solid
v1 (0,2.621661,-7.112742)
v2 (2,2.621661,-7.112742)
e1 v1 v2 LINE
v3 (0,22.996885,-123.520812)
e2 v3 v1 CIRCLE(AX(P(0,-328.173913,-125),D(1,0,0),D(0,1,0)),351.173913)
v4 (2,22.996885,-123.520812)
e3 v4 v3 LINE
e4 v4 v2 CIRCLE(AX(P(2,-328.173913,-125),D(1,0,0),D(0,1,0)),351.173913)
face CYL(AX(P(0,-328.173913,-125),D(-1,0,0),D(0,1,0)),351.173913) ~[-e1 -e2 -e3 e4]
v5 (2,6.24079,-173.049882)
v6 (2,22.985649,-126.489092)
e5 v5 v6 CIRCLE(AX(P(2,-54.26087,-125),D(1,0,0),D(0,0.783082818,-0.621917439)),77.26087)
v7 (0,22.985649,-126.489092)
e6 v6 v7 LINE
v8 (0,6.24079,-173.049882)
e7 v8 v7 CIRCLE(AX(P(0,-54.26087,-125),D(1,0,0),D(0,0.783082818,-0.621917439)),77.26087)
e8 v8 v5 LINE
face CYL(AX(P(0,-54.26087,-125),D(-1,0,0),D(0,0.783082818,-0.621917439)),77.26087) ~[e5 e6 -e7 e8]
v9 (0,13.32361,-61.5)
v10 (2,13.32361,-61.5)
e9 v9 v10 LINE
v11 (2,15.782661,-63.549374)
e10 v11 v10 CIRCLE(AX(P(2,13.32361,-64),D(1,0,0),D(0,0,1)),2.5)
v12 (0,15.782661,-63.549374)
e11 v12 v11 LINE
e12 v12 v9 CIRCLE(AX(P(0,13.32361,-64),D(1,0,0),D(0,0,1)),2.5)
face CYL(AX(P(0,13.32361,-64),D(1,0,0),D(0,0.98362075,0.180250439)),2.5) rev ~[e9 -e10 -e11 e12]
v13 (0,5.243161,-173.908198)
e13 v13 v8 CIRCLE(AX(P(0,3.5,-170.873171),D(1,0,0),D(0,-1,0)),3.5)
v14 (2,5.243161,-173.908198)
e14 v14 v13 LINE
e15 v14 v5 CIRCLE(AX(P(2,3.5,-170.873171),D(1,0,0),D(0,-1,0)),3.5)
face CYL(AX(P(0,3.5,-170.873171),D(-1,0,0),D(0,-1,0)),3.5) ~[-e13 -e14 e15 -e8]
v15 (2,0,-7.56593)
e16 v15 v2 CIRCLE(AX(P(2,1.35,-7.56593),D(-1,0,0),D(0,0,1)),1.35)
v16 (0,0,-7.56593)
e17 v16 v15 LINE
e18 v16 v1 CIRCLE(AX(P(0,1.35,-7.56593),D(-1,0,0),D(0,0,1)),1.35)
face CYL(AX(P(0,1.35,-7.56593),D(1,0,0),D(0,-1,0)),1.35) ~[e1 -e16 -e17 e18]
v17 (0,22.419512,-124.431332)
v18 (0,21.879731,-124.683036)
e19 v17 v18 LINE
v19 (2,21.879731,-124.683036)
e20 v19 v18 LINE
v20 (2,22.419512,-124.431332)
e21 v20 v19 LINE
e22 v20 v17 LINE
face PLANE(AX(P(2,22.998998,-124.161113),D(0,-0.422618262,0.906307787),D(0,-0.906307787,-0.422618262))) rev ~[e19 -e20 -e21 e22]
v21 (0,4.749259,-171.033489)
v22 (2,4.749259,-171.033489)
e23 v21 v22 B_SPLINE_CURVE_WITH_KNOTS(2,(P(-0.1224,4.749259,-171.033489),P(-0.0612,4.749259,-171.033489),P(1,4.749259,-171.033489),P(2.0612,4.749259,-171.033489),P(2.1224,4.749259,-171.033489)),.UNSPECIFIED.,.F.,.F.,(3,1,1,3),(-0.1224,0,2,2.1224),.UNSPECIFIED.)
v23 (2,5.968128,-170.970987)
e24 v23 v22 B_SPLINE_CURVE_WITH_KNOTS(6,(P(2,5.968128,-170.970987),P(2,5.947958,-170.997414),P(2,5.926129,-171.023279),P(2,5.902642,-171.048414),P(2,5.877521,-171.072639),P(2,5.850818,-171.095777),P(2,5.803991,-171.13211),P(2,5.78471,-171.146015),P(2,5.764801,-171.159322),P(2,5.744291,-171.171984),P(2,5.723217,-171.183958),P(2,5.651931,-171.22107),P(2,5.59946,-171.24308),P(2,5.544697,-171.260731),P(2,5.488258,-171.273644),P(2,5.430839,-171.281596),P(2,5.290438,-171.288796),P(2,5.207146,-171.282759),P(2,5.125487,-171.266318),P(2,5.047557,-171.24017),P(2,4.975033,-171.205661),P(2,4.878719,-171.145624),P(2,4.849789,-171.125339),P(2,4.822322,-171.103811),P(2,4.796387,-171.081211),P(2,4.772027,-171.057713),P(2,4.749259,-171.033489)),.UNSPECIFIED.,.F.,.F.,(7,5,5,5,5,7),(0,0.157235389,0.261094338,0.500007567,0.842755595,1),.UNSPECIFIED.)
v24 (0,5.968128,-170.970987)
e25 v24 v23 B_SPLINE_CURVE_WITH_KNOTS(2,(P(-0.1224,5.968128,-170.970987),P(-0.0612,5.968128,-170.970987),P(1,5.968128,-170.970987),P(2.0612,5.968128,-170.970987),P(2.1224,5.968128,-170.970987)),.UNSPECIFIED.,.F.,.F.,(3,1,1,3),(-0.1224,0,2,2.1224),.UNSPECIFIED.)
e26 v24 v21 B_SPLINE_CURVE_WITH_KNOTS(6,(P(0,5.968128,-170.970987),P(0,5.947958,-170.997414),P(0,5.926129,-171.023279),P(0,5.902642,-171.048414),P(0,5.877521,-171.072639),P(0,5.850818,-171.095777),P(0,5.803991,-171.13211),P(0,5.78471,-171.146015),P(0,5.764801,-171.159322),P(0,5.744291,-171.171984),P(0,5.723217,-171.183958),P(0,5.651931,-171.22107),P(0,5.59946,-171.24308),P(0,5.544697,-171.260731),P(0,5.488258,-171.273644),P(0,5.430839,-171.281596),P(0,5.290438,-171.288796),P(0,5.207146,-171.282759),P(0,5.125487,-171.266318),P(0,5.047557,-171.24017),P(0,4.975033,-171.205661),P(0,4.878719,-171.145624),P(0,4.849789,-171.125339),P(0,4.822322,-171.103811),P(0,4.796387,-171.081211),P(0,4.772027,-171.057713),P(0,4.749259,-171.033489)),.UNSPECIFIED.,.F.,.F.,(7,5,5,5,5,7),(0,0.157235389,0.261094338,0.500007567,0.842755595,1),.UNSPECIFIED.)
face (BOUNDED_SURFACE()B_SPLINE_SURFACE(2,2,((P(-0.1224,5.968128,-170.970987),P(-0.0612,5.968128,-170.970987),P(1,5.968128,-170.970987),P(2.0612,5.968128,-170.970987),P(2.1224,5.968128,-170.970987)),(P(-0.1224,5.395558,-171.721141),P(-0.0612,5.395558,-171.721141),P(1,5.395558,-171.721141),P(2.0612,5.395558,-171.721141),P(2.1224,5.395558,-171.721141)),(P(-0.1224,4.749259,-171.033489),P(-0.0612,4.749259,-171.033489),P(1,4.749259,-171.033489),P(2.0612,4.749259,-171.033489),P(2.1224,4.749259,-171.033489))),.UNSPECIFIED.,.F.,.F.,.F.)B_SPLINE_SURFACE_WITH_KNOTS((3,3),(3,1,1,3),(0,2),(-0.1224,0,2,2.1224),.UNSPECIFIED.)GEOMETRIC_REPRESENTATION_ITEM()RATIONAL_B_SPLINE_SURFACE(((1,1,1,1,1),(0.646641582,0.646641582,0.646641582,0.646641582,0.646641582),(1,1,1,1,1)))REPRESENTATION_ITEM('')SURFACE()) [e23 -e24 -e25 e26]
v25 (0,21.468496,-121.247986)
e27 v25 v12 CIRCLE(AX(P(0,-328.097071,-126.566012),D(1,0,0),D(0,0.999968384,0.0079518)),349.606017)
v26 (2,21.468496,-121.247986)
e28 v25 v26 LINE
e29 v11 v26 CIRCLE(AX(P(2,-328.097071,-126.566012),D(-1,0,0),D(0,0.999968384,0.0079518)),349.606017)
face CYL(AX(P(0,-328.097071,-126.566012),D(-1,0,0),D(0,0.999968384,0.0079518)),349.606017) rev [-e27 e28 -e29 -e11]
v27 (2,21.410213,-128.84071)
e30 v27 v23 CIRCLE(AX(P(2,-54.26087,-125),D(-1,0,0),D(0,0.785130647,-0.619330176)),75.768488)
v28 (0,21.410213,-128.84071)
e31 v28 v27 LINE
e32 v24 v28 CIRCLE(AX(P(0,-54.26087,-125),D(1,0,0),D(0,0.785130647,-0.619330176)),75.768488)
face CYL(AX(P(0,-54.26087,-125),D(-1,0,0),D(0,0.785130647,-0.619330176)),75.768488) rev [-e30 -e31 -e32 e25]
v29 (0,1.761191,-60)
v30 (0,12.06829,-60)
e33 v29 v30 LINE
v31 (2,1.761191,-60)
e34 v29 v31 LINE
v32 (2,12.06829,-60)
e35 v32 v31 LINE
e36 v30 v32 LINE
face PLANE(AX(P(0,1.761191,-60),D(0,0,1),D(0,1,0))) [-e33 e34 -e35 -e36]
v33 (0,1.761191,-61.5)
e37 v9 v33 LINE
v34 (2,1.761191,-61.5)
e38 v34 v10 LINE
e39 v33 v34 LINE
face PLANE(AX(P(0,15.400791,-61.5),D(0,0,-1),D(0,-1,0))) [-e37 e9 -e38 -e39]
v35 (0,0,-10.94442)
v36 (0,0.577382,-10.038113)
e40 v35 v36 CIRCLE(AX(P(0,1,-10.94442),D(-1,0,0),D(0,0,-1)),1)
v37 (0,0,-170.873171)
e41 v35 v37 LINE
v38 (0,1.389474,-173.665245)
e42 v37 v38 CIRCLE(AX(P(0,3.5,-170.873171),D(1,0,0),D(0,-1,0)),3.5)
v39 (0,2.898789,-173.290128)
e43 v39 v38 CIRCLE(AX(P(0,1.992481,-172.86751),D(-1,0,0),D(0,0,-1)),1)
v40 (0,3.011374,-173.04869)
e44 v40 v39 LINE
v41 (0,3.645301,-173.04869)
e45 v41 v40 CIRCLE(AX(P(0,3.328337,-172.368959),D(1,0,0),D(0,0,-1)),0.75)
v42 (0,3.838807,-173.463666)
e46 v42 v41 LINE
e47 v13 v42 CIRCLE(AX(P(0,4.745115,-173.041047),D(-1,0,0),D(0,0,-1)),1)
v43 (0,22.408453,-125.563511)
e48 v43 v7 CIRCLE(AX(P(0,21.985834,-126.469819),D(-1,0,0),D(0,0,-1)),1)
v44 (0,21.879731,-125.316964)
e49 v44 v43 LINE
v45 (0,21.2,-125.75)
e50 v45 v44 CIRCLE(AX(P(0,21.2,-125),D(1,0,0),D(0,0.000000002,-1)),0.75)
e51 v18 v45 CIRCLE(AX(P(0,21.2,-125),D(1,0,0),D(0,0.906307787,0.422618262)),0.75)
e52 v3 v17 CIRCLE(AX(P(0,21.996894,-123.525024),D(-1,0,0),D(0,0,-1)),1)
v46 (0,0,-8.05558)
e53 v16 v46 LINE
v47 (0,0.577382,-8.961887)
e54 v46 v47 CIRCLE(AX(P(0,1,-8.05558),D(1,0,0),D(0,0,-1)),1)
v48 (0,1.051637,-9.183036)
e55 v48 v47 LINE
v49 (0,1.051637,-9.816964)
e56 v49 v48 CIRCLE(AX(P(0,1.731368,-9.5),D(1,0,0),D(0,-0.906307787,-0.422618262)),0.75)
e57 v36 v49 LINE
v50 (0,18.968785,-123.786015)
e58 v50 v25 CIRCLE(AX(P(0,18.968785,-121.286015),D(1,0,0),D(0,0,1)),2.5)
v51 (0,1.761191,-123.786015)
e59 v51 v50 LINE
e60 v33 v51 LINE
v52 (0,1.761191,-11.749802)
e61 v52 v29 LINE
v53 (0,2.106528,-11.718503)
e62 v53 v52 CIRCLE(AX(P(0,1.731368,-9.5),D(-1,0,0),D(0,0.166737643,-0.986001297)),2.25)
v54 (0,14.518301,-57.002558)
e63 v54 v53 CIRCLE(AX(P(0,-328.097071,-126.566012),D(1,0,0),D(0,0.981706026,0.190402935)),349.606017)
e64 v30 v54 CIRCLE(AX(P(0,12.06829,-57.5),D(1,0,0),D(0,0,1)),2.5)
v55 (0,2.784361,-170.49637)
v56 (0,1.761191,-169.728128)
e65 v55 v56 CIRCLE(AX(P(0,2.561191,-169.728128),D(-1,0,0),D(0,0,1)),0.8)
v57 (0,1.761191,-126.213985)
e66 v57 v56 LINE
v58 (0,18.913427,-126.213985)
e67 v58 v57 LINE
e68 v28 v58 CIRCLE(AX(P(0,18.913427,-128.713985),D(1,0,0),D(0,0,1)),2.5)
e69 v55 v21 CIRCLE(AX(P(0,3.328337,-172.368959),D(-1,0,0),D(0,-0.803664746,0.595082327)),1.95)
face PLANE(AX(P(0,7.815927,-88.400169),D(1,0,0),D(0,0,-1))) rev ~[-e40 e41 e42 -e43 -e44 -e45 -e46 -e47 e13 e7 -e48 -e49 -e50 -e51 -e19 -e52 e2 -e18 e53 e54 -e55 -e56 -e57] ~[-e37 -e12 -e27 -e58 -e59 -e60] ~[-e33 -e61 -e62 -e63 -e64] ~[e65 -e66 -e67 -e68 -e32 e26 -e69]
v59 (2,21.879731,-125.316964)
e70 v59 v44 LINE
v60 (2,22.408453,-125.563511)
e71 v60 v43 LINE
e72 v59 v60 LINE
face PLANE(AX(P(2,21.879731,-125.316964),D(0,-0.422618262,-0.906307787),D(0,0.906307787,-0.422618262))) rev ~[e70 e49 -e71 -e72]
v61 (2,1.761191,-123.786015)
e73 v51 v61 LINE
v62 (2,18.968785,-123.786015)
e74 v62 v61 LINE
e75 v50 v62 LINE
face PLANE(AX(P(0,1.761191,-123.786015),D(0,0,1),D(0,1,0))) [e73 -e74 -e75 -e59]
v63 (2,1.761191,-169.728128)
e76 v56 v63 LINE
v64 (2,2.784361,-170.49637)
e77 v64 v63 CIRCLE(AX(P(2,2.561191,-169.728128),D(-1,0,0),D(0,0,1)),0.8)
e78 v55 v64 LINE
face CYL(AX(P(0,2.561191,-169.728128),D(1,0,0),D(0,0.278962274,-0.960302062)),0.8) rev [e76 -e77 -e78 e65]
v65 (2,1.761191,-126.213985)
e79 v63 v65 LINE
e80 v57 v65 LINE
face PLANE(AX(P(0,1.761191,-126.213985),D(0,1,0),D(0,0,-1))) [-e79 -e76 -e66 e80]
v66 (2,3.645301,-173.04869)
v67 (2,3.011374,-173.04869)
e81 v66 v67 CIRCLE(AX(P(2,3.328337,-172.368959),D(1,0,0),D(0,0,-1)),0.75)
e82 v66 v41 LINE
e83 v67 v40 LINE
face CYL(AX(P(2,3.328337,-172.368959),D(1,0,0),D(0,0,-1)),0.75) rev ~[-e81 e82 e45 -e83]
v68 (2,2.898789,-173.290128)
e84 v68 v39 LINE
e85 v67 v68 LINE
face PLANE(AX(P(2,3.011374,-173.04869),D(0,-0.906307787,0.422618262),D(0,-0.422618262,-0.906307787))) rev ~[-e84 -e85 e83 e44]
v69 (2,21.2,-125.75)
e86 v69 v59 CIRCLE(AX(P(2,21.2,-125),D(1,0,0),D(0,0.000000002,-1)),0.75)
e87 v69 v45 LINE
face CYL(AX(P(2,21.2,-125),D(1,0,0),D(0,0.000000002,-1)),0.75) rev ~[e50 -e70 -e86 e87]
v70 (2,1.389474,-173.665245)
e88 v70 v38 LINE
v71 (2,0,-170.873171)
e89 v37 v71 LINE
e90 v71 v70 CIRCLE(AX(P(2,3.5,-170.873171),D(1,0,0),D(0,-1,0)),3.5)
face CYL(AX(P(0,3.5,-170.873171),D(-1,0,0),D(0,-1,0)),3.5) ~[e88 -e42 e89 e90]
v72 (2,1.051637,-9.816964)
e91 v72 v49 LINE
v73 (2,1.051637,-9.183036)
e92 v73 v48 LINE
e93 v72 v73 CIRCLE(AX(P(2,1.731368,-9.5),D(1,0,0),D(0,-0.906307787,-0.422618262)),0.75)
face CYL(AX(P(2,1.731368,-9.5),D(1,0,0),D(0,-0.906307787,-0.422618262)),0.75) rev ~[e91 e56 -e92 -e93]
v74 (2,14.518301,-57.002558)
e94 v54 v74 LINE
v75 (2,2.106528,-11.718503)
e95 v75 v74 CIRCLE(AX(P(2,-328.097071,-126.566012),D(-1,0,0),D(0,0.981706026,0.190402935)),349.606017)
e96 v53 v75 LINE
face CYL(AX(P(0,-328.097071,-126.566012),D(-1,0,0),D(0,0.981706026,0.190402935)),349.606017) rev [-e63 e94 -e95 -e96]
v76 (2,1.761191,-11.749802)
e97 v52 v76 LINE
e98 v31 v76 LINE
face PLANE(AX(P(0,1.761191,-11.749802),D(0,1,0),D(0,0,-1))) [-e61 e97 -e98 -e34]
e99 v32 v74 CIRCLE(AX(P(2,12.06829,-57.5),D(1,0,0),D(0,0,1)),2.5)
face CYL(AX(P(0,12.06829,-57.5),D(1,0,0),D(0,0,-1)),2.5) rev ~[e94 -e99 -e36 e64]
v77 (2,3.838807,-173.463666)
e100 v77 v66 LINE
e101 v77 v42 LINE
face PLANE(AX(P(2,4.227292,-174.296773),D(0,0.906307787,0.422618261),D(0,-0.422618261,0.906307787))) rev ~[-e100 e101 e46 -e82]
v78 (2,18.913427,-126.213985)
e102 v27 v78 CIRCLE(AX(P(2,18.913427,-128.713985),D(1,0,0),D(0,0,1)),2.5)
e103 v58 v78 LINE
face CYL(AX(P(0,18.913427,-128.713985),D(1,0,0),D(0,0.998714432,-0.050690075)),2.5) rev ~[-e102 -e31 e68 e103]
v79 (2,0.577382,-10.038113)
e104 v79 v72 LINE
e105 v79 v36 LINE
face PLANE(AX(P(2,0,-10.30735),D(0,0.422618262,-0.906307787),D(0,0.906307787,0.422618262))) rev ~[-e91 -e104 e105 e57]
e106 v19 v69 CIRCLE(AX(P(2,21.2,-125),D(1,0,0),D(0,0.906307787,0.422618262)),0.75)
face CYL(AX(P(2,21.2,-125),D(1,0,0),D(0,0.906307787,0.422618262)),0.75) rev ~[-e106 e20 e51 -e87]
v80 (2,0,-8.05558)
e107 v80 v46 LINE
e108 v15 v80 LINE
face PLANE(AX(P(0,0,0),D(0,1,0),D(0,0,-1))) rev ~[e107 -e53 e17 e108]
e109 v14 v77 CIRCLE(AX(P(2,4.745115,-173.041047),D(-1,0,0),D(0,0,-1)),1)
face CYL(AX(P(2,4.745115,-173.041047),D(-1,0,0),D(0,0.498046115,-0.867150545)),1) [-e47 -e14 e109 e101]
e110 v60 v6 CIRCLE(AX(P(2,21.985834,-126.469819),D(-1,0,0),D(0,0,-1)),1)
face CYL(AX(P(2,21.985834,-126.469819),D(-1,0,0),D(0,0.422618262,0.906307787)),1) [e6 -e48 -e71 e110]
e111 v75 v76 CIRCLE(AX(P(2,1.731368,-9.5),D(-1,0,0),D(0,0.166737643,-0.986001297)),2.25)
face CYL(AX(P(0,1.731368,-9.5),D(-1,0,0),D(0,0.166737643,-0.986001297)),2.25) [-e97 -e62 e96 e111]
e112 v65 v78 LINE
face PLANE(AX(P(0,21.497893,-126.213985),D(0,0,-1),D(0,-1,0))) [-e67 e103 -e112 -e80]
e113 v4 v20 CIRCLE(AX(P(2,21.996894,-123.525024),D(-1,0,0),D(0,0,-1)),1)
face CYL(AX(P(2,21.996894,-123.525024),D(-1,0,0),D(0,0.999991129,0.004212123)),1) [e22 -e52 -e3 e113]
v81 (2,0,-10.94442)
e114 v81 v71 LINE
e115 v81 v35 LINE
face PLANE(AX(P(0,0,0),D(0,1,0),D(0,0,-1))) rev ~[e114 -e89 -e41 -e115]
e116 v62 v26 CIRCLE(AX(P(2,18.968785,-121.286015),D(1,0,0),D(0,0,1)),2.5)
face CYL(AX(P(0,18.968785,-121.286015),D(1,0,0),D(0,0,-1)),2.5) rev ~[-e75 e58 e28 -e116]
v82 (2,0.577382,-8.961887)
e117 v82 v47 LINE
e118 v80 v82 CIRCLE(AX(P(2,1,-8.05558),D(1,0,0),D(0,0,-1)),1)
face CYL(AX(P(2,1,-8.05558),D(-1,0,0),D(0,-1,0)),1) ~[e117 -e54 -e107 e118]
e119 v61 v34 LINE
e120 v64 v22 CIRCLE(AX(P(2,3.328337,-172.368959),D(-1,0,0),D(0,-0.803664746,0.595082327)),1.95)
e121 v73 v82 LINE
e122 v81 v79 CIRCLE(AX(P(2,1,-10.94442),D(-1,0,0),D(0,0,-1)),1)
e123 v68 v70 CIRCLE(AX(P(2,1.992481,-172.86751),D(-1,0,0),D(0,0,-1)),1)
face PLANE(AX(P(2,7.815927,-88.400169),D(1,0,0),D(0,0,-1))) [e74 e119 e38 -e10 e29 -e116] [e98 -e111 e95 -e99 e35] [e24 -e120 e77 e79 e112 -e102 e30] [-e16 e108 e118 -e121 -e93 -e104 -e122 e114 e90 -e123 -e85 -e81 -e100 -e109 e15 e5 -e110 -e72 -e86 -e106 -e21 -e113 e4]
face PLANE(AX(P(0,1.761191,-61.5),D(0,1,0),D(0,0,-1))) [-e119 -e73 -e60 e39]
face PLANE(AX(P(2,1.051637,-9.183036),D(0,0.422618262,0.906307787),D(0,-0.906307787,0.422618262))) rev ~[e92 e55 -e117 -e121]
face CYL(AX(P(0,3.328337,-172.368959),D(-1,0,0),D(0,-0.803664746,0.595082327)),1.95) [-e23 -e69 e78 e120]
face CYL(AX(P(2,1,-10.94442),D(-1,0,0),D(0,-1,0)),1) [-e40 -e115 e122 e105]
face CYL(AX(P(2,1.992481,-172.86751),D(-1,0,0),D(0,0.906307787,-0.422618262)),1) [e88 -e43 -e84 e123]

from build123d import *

# Parameters (mm, degrees)
BOSS_EXTRU_1_DEPTH      = 2
CONG_2_R                = 1.35
ESQUISSE4_R             = 0.75
ENL_V_MAT_EXTRU_2_DEPTH = 176.894862906
CONG_5_R                = 1
ENL_V_MAT_EXTRU_3_DEPTH = 4
CONG_3_R                = 2.5
CONG_4_R                = 0.8


with BuildPart() as part:
    # Esquisse2 → Boss.-Extru.1 (new body)
    with BuildSketch(Plane(origin=(0, 0, 0), x_dir=(0, 0, -1), z_dir=(1, 0, 0))):
        with BuildLine():
            Line((0, 0), (170.873171093, 0))
            ThreePointArc((170.873171093, 0), (174.177922559, 2.347343181), (173.049882129, 6.240789861))
            ThreePointArc((173.049882129, 6.240789861), (150.444362328, 18.689979585), (125, 23))
            ThreePointArc((125, 23), (61.450806457, 17.202138822), (0, 0))
        make_face()
    extrude(amount=BOSS_EXTRU_1_DEPTH)

    # Congé2
    cong_2_edges = [part.edges().sort_by_distance(p)[0] for p in [
        (1, 0, 0),
    ]]
    fillet(cong_2_edges, radius=CONG_2_R)

    # Esquisse4 → Enlèv. mat.-Extru.2 (cut, through all)
    with BuildSketch(Plane(origin=(2, 0, 0), x_dir=(0, 0, -1), z_dir=(1, 0, 0))):
        with BuildLine():
            ThreePointArc((125.75, 21.2), (125.632543584, 21.602974706), (125.316963696, 21.87973084))
            Line((125.316963696, 21.87973084), (125, 21.2))
            Line((125, 21.2), (124.683036304, 21.87973084))
            ThreePointArc((124.683036304, 21.87973084), (124.597025294, 20.567456416), (125.75, 21.2))
        make_face()
        with BuildLine():
            Line((125, 21.2), (125.316963696, 21.87973084))
            ThreePointArc((125.316963696, 21.87973084), (125, 21.95), (124.683036304, 21.87973084))
            Line((124.683036304, 21.87973084), (125, 21.2))
        make_face()
        with Locations((172.368958832, 3.328337296)):
            Circle(ESQUISSE4_R)
        with Locations((9.5, 1.731368161)):
            Circle(ESQUISSE4_R)
        with BuildLine():
            Line((125.316963696, 21.87973084), (125.837238378, 22.995463495))
            ThreePointArc((125.837238378, 22.995463495), (125.418625334, 22.998865865), (125, 23))
            ThreePointArc((125, 23), (124.580556422, 22.999749507), (124.161113442, 22.99899803))
            Line((124.161113442, 22.99899803), (124.683036304, 21.87973084))
            ThreePointArc((124.683036304, 21.87973084), (125, 21.95), (125.316963696, 21.87973084))
        make_face()
        with BuildLine():
            Line((125.837238378, 22.995463495), (126.398922974, 24.2))
            Line((126.398922974, 24.2), (123.601077026, 24.2))
            Line((123.601077026, 24.2), (124.161113442, 22.99899803))
            ThreePointArc((124.161113442, 22.99899803), (124.580556422, 22.999749507), (125, 23))
            ThreePointArc((125, 23), (125.418625334, 22.998865865), (125.837238378, 22.995463495))
        make_face()
        with BuildLine():
            ThreePointArc((174.217111681, 2.466529469), (174.369594573, 3.34181388), (174.296772549, 4.227291596))
            Line((174.296772549, 4.227291596), (173.048689672, 3.645300993))
            ThreePointArc((173.048689672, 3.645300993), (173.101180837, 3.490667007), (173.118958832, 3.328337296))
            ThreePointArc((173.118958832, 3.328337296), (173.101180837, 3.166007586), (173.048689672, 3.0113736))
            Line((173.048689672, 3.0113736), (174.217111681, 2.466529469))
        make_face()
        with BuildLine():
            ThreePointArc((173.118958832, 3.328337296), (173.101180837, 3.490667007), (173.048689672, 3.645300993))
            Line((173.048689672, 3.645300993), (172.368958832, 3.328337296))
            Line((172.368958832, 3.328337296), (173.048689672, 3.0113736))
            ThreePointArc((173.048689672, 3.0113736), (173.101180837, 3.166007586), (173.118958832, 3.328337296))
        make_face()
        with BuildLine():
            Line((172.368958832, 3.328337296), (173.048689672, 3.645300993))
            ThreePointArc((173.048689672, 3.645300993), (171.618958832, 3.328337296), (173.048689672, 3.0113736))
            Line((173.048689672, 3.0113736), (172.368958832, 3.328337296))
        make_face()
        with BuildLine():
            Line((175.368958832, 4.727260271), (174.296772549, 4.227291596))
            ThreePointArc((174.296772549, 4.227291596), (174.369594573, 3.34181388), (174.217111681, 2.466529469))
            Line((174.217111681, 2.466529469), (175.368958832, 1.929414322))
            Line((175.368958832, 1.929414322), (175.368958832, 4.727260271))
        make_face()
        with BuildLine():
            ThreePointArc((9.183036304, 1.051637321), (9.5, 0.981368161), (9.816963696, 1.051637321))
            Line((9.816963696, 1.051637321), (9.5, 1.731368161))
            Line((9.5, 1.731368161), (9.183036304, 1.051637321))
        make_face()
        with BuildLine():
            Line((9.5, 1.731368161), (9.816963696, 1.051637321))
            ThreePointArc((9.816963696, 1.051637321), (10.132543584, 1.328393455), (10.25, 1.731368161))
            ThreePointArc((10.25, 1.731368161), (9.097025294, 2.363911745), (9.183036304, 1.051637321))
            Line((9.183036304, 1.051637321), (9.5, 1.731368161))
        make_face()
        with BuildLine():
            Line((8.692649767, 0), (10.307350233, 0))
            Line((10.307350233, 0), (9.816963696, 1.051637321))
            ThreePointArc((9.816963696, 1.051637321), (9.5, 0.981368161), (9.183036304, 1.051637321))
            Line((9.183036304, 1.051637321), (8.692649767, 0))
        make_face()
        Polygon((10.898922974, -1.268631839), (10.307350233, 0), (8.692649767, 0), (8.101077026, -1.268631839), align=None)
    extrude(amount=-ENL_V_MAT_EXTRU_2_DEPTH, mode=Mode.SUBTRACT)

    # Congé5
    cong_5_edges = [part.edges().sort_by_distance(p)[0] for p in [
        (1, 22.99899803, -124.161113442),
        (1, 22.995463495, -125.837238378),
        (1, 4.227291596, -174.296772549),
        (1, 2.466529469, -174.217111681),
        (1, 0, -10.307350233),
        (1, 0, -8.692649767),
    ]]
    fillet(cong_5_edges, radius=CONG_5_R)

    # Esquisse9 → Enlèv. mat.-Extru.3 (cut)
    with BuildSketch(Plane(origin=(0, 0, 0), x_dir=(0, 0, -1), z_dir=(1, 0, 0))):
        with BuildLine():
            Line((126.213985158, 1.761191042), (171.208548293, 1.761191042))
            ThreePointArc((171.208548293, 1.761191042), (170.45940521, 3.723438508), (171.92571116, 5.227292667))
            ThreePointArc((171.92571116, 5.227292667), (150.407492919, 17.120662481), (126.213985158, 21.497892659))
            Line((126.213985158, 21.497892659), (126.213985158, 1.761191042))
        make_face()
        with BuildLine():
            Line((11.749802346, 1.761191042), (60, 1.761191042))
            Line((60, 1.761191042), (60, 15.113262564))
            ThreePointArc((60, 15.113262564), (35.626415593, 9.474190858), (11.71850292, 2.106527851))
            ThreePointArc((11.71850292, 2.106527851), (11.740815112, 1.934463297), (11.749802346, 1.761191042))
        make_face()
        with BuildLine():
            Line((61.5, 1.761191042), (123.786014842, 1.761191042))
            Line((123.786014842, 1.761191042), (123.786014842, 21.497892659))
            ThreePointArc((123.786014842, 21.497892659), (92.506301163, 19.845888558), (61.5, 15.400790857))
            Line((61.5, 15.400790857), (61.5, 1.761191042))
        make_face()
    extrude(amount=ENL_V_MAT_EXTRU_3_DEPTH, mode=Mode.SUBTRACT)

    # Congé3
    cong_3_edges = [part.edges().sort_by_distance(p)[0] for p in [
        (1, 15.113262564, -60),
        (1, 21.497892659, -126.213985158),
        (1, 21.497892659, -123.786014842),
        (1, 15.400790857, -61.5),
    ]]
    fillet(cong_3_edges, radius=CONG_3_R)

    # Congé4
    cong_4_edges = [part.edges().sort_by_distance(p)[0] for p in [
        (1, 5.227292667, -171.92571116),
        (1, 1.761191042, -171.208548293),
    ]]
    fillet(cong_4_edges, radius=CONG_4_R)


solid = part.part
